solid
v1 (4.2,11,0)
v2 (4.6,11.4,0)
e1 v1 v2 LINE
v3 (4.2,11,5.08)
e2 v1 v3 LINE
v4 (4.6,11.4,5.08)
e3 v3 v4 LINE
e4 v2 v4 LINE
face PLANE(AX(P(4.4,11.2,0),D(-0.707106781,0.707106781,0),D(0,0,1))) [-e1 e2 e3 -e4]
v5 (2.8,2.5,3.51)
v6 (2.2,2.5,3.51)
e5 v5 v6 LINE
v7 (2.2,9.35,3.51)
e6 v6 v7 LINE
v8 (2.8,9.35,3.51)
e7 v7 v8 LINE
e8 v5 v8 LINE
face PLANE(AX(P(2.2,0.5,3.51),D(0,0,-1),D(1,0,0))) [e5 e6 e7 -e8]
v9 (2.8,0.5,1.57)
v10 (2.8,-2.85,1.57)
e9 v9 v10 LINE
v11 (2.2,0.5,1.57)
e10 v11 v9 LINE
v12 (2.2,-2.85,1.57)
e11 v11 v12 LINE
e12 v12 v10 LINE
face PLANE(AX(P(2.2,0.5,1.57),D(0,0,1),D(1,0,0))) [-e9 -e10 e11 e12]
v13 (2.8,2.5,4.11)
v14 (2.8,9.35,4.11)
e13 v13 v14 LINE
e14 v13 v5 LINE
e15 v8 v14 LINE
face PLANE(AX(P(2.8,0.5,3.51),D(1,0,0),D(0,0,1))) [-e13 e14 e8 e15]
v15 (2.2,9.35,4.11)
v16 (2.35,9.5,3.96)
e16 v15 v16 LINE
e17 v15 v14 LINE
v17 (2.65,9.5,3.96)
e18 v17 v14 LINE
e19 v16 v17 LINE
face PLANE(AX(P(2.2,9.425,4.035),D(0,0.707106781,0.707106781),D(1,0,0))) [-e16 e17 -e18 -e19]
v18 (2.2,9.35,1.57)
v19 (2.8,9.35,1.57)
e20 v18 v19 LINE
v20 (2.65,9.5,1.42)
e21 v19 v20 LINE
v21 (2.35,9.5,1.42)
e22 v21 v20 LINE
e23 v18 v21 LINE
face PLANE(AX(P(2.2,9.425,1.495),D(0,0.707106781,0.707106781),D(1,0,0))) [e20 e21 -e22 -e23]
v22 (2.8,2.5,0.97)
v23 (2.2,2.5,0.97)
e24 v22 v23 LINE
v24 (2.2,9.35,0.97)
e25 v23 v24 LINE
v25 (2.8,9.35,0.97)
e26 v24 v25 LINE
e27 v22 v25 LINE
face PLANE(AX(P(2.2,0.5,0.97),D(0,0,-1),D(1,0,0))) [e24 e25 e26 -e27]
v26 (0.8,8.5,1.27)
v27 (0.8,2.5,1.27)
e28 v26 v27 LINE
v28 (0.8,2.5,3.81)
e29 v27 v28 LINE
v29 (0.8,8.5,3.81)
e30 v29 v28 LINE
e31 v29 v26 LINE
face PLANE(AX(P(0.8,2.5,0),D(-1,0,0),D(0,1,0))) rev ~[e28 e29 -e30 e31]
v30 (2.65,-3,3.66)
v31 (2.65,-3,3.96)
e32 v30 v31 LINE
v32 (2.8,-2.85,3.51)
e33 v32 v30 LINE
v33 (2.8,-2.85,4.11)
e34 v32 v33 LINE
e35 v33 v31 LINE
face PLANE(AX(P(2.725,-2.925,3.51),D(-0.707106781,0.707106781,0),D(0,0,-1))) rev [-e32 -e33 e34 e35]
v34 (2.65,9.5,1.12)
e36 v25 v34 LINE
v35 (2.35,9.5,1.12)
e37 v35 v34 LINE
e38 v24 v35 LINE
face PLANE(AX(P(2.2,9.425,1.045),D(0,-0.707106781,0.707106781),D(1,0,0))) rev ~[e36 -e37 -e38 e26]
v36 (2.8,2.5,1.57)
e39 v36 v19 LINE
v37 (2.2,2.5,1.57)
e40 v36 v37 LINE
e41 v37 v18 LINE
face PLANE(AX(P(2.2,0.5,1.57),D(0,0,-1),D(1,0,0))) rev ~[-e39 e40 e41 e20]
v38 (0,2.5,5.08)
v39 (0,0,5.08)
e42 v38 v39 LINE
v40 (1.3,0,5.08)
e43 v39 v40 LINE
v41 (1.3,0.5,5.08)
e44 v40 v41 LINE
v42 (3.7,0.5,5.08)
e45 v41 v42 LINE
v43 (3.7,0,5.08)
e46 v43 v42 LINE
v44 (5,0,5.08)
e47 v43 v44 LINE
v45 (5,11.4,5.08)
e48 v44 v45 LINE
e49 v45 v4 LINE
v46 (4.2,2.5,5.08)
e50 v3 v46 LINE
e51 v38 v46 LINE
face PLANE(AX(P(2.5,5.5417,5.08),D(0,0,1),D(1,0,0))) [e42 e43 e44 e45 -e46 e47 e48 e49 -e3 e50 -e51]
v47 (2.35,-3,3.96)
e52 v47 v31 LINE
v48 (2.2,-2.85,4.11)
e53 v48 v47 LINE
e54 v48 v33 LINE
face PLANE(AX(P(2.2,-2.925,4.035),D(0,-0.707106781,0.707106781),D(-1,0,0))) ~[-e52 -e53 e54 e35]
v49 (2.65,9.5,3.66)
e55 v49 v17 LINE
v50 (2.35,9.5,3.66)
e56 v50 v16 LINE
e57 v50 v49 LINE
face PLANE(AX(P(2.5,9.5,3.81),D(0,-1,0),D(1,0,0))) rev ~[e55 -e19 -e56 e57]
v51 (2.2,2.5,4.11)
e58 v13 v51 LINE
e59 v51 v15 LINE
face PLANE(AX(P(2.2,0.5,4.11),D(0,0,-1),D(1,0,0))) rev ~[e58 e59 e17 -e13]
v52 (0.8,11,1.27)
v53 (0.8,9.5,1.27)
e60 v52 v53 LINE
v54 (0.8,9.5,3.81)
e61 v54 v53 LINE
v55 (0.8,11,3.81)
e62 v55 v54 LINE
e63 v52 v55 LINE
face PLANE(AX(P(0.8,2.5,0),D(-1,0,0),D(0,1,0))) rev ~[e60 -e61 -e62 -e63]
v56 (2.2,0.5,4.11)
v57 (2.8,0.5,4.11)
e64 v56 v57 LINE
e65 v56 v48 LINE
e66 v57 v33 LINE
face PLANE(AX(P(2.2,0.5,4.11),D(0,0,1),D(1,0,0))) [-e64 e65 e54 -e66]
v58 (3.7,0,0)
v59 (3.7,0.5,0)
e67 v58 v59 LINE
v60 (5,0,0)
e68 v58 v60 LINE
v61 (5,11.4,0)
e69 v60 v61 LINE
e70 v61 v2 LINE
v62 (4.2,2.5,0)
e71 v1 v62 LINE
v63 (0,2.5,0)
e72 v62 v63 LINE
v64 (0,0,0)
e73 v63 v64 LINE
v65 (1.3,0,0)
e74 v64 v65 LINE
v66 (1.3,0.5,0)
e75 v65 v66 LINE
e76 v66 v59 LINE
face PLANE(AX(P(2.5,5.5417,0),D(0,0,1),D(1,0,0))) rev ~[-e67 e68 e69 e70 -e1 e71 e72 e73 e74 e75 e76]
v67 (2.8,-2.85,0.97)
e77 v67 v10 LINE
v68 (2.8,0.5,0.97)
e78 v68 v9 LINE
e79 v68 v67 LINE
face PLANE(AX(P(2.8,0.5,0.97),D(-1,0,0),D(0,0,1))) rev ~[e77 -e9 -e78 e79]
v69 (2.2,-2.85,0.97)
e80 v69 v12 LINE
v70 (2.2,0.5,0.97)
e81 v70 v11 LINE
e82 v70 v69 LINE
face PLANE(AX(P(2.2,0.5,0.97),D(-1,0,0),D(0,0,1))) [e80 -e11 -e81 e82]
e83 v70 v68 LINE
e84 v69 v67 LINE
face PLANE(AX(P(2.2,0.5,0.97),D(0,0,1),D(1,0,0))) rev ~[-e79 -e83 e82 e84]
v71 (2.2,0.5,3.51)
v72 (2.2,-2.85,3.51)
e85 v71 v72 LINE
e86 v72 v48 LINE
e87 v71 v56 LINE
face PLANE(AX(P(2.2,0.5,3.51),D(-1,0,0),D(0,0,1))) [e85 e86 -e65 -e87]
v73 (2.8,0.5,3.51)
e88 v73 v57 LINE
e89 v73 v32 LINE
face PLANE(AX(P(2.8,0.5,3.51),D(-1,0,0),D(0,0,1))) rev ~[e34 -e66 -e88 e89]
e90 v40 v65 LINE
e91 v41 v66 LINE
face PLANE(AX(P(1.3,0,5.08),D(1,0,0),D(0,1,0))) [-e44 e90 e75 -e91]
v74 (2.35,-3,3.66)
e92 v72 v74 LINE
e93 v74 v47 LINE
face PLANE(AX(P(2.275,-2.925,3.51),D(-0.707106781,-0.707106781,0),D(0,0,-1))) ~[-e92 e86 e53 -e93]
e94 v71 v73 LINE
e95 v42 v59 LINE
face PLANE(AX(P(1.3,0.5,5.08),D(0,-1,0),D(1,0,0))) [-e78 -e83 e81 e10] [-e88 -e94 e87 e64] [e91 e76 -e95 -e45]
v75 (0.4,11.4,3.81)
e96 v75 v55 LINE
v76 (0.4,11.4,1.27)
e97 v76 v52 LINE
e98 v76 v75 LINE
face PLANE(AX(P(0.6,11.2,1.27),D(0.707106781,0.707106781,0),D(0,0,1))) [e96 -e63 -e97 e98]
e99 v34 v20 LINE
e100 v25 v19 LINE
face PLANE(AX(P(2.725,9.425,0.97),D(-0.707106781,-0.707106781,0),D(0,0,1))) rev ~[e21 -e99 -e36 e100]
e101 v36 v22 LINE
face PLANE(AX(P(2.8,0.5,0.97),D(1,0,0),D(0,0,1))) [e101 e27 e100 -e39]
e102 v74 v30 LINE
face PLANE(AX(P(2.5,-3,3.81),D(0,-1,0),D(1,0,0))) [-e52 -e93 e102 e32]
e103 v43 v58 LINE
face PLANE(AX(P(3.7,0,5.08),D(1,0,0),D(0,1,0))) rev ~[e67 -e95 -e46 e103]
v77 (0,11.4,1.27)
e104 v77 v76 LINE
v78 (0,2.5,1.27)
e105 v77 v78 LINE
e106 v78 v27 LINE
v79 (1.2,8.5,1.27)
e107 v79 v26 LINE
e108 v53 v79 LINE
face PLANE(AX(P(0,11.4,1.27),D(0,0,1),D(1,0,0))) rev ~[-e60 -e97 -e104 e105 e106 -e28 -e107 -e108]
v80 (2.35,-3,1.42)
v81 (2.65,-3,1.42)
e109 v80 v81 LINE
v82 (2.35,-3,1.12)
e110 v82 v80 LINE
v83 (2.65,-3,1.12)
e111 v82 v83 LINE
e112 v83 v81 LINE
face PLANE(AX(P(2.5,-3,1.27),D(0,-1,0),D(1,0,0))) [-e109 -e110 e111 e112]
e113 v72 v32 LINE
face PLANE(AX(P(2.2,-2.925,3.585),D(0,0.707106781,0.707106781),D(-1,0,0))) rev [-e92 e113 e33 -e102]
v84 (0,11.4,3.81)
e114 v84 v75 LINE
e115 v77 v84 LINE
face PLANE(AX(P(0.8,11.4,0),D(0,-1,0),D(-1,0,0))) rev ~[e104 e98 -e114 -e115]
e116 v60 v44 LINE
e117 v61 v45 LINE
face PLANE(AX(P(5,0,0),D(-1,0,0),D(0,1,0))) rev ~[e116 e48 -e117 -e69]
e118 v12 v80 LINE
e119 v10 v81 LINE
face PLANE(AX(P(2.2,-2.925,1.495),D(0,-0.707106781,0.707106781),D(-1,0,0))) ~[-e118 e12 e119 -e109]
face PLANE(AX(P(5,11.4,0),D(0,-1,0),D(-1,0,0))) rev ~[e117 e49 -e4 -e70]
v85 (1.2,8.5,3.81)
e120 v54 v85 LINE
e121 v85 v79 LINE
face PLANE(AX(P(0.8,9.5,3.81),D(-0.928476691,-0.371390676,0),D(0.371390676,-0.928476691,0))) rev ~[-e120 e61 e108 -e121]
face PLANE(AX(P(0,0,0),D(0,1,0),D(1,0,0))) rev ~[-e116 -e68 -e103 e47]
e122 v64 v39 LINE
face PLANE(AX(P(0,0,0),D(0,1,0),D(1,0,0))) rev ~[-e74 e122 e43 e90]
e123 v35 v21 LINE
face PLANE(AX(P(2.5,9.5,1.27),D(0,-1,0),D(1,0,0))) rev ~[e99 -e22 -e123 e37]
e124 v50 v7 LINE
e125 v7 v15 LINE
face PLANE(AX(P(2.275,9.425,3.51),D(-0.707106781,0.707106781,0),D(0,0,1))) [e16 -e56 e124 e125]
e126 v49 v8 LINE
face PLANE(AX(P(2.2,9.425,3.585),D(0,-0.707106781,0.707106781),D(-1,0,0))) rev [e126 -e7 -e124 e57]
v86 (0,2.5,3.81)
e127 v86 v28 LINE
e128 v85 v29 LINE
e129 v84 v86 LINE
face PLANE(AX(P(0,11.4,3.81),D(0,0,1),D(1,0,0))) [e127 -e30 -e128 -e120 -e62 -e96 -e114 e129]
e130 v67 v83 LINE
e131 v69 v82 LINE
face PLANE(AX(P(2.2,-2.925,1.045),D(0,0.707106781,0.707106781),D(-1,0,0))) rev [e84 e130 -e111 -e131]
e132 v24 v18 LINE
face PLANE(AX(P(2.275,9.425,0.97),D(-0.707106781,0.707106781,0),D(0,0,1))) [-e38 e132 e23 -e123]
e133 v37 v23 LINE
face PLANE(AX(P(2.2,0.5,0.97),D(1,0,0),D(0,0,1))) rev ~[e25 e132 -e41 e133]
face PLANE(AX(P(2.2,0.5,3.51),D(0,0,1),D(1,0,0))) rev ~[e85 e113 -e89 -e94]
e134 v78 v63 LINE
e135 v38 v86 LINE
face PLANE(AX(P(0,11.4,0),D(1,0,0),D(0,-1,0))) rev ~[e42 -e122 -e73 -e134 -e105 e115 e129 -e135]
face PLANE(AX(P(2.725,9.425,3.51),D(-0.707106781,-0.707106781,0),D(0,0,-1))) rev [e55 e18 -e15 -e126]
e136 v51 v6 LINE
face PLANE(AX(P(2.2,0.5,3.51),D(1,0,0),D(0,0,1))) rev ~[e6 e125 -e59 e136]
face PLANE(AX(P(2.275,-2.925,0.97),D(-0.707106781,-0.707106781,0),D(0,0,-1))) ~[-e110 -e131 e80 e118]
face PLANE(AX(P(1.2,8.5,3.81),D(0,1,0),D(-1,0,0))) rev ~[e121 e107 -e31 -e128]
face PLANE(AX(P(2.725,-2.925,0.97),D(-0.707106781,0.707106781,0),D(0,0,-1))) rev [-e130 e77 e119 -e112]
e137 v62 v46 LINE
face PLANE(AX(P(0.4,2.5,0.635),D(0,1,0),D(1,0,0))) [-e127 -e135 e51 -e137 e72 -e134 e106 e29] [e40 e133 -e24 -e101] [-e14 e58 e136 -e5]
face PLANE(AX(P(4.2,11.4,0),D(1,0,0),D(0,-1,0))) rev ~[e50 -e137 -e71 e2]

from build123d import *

# Parameters (mm, degrees)
BOSS_EXTRU_1_DEPTH      = 5.08
ESQUISSE3_W             = 0.8
ESQUISSE3_H             = 1.27
ENL_V_MAT_EXTRU_1_DEPTH = 8.9
ESQUISSE4_W             = 2.4
ESQUISSE4_H             = 0.5
ENL_V_MAT_EXTRU_2_DEPTH = 6.08
ESQUISSE2_W             = 0.6
ESQUISSE2_H             = 0.6
BOSS_EXTRU_2_DEPTH      = 3.5
BOSS_EXTRU_2_DEPTH_BACK = 9
BOSS_EXTRU_3_DEPTH      = 2.54
CHANFREIN4_SIZE         = 0.15
CHANFREIN5_SIZE         = 0.4


with BuildPart() as part:
    # Esquisse1 → Boss.-Extru.1 (new body)
    with BuildSketch(Plane.XY):
        Polygon((0, 11.4), (0, 0), (5, 0), (5, 11.4), (4.2, 11.4), (4.2, 2.5), (0.8, 2.5), (0.8, 11.4), align=None)
    extrude(amount=BOSS_EXTRU_1_DEPTH)

    # Esquisse3 → Enlèv. mat.-Extru.1 (cut)
    with BuildSketch(Plane(origin=(0, 11.4, 0), x_dir=(1, 0, 0), z_dir=(0, 1, 0))):
        with Locations((0.4, -0.635)):
            Rectangle(ESQUISSE3_W, ESQUISSE3_H)
        with Locations((0.4, -4.445)):
            Rectangle(ESQUISSE3_W, ESQUISSE3_H)
    extrude(amount=-ENL_V_MAT_EXTRU_1_DEPTH, mode=Mode.SUBTRACT)

    # Esquisse4 → Enlèv. mat.-Extru.2 (cut, through all)
    with BuildSketch(Plane.XY.offset(5.08)):
        with Locations((2.5, 0.25)):
            Rectangle(ESQUISSE4_W, ESQUISSE4_H)
    extrude(amount=-ENL_V_MAT_EXTRU_2_DEPTH, mode=Mode.SUBTRACT)

    # Esquisse2 → Boss.-Extru.2 (add, two sides)
    with BuildSketch(Plane.XZ.offset(-0.5)) as boss_extru_2_sk:
        with Locations((2.5, 3.81)):
            Rectangle(ESQUISSE2_W, ESQUISSE2_H)
        with Locations((2.5, 1.27)):
            Rectangle(ESQUISSE2_W, ESQUISSE2_H)
    extrude(amount=BOSS_EXTRU_2_DEPTH)
    extrude(boss_extru_2_sk.sketch, amount=-BOSS_EXTRU_2_DEPTH_BACK)

    # Esquisse5 → Boss.-Extru.3 (add)
    with BuildSketch(Plane.XY.offset(3.81)):
        Polygon((0.8, 9.5), (1.2, 8.5), (0.8, 8.5), align=None)
    extrude(amount=-BOSS_EXTRU_3_DEPTH)

    # Chanfrein4
    chanfrein4_edges = [part.edges().sort_by_distance(p)[0] for p in [
        (2.8, 9.5, 3.81),
        (2.5, 9.5, 3.51),
        (2.2, 9.5, 3.81),
        (2.5, 9.5, 4.11),
        (2.8, -3, 3.81),
        (2.5, -3, 4.11),
        (2.2, -3, 3.81),
        (2.5, -3, 3.51),
        (2.8, 9.5, 1.27),
        (2.5, 9.5, 0.97),
        (2.2, 9.5, 1.27),
        (2.5, 9.5, 1.57),
        (2.8, -3, 1.27),
        (2.5, -3, 1.57),
        (2.2, -3, 1.27),
        (2.5, -3, 0.97),
    ]]
    chamfer(chanfrein4_edges, length=CHANFREIN4_SIZE)

    # Chanfrein5
    chanfrein5_edges = [part.edges().sort_by_distance(p)[0] for p in [
        (4.2, 11.4, 2.54),
        (0.8, 11.4, 2.54),
    ]]
    chamfer(chanfrein5_edges, length=CHANFREIN5_SIZE)


solid = part.part
